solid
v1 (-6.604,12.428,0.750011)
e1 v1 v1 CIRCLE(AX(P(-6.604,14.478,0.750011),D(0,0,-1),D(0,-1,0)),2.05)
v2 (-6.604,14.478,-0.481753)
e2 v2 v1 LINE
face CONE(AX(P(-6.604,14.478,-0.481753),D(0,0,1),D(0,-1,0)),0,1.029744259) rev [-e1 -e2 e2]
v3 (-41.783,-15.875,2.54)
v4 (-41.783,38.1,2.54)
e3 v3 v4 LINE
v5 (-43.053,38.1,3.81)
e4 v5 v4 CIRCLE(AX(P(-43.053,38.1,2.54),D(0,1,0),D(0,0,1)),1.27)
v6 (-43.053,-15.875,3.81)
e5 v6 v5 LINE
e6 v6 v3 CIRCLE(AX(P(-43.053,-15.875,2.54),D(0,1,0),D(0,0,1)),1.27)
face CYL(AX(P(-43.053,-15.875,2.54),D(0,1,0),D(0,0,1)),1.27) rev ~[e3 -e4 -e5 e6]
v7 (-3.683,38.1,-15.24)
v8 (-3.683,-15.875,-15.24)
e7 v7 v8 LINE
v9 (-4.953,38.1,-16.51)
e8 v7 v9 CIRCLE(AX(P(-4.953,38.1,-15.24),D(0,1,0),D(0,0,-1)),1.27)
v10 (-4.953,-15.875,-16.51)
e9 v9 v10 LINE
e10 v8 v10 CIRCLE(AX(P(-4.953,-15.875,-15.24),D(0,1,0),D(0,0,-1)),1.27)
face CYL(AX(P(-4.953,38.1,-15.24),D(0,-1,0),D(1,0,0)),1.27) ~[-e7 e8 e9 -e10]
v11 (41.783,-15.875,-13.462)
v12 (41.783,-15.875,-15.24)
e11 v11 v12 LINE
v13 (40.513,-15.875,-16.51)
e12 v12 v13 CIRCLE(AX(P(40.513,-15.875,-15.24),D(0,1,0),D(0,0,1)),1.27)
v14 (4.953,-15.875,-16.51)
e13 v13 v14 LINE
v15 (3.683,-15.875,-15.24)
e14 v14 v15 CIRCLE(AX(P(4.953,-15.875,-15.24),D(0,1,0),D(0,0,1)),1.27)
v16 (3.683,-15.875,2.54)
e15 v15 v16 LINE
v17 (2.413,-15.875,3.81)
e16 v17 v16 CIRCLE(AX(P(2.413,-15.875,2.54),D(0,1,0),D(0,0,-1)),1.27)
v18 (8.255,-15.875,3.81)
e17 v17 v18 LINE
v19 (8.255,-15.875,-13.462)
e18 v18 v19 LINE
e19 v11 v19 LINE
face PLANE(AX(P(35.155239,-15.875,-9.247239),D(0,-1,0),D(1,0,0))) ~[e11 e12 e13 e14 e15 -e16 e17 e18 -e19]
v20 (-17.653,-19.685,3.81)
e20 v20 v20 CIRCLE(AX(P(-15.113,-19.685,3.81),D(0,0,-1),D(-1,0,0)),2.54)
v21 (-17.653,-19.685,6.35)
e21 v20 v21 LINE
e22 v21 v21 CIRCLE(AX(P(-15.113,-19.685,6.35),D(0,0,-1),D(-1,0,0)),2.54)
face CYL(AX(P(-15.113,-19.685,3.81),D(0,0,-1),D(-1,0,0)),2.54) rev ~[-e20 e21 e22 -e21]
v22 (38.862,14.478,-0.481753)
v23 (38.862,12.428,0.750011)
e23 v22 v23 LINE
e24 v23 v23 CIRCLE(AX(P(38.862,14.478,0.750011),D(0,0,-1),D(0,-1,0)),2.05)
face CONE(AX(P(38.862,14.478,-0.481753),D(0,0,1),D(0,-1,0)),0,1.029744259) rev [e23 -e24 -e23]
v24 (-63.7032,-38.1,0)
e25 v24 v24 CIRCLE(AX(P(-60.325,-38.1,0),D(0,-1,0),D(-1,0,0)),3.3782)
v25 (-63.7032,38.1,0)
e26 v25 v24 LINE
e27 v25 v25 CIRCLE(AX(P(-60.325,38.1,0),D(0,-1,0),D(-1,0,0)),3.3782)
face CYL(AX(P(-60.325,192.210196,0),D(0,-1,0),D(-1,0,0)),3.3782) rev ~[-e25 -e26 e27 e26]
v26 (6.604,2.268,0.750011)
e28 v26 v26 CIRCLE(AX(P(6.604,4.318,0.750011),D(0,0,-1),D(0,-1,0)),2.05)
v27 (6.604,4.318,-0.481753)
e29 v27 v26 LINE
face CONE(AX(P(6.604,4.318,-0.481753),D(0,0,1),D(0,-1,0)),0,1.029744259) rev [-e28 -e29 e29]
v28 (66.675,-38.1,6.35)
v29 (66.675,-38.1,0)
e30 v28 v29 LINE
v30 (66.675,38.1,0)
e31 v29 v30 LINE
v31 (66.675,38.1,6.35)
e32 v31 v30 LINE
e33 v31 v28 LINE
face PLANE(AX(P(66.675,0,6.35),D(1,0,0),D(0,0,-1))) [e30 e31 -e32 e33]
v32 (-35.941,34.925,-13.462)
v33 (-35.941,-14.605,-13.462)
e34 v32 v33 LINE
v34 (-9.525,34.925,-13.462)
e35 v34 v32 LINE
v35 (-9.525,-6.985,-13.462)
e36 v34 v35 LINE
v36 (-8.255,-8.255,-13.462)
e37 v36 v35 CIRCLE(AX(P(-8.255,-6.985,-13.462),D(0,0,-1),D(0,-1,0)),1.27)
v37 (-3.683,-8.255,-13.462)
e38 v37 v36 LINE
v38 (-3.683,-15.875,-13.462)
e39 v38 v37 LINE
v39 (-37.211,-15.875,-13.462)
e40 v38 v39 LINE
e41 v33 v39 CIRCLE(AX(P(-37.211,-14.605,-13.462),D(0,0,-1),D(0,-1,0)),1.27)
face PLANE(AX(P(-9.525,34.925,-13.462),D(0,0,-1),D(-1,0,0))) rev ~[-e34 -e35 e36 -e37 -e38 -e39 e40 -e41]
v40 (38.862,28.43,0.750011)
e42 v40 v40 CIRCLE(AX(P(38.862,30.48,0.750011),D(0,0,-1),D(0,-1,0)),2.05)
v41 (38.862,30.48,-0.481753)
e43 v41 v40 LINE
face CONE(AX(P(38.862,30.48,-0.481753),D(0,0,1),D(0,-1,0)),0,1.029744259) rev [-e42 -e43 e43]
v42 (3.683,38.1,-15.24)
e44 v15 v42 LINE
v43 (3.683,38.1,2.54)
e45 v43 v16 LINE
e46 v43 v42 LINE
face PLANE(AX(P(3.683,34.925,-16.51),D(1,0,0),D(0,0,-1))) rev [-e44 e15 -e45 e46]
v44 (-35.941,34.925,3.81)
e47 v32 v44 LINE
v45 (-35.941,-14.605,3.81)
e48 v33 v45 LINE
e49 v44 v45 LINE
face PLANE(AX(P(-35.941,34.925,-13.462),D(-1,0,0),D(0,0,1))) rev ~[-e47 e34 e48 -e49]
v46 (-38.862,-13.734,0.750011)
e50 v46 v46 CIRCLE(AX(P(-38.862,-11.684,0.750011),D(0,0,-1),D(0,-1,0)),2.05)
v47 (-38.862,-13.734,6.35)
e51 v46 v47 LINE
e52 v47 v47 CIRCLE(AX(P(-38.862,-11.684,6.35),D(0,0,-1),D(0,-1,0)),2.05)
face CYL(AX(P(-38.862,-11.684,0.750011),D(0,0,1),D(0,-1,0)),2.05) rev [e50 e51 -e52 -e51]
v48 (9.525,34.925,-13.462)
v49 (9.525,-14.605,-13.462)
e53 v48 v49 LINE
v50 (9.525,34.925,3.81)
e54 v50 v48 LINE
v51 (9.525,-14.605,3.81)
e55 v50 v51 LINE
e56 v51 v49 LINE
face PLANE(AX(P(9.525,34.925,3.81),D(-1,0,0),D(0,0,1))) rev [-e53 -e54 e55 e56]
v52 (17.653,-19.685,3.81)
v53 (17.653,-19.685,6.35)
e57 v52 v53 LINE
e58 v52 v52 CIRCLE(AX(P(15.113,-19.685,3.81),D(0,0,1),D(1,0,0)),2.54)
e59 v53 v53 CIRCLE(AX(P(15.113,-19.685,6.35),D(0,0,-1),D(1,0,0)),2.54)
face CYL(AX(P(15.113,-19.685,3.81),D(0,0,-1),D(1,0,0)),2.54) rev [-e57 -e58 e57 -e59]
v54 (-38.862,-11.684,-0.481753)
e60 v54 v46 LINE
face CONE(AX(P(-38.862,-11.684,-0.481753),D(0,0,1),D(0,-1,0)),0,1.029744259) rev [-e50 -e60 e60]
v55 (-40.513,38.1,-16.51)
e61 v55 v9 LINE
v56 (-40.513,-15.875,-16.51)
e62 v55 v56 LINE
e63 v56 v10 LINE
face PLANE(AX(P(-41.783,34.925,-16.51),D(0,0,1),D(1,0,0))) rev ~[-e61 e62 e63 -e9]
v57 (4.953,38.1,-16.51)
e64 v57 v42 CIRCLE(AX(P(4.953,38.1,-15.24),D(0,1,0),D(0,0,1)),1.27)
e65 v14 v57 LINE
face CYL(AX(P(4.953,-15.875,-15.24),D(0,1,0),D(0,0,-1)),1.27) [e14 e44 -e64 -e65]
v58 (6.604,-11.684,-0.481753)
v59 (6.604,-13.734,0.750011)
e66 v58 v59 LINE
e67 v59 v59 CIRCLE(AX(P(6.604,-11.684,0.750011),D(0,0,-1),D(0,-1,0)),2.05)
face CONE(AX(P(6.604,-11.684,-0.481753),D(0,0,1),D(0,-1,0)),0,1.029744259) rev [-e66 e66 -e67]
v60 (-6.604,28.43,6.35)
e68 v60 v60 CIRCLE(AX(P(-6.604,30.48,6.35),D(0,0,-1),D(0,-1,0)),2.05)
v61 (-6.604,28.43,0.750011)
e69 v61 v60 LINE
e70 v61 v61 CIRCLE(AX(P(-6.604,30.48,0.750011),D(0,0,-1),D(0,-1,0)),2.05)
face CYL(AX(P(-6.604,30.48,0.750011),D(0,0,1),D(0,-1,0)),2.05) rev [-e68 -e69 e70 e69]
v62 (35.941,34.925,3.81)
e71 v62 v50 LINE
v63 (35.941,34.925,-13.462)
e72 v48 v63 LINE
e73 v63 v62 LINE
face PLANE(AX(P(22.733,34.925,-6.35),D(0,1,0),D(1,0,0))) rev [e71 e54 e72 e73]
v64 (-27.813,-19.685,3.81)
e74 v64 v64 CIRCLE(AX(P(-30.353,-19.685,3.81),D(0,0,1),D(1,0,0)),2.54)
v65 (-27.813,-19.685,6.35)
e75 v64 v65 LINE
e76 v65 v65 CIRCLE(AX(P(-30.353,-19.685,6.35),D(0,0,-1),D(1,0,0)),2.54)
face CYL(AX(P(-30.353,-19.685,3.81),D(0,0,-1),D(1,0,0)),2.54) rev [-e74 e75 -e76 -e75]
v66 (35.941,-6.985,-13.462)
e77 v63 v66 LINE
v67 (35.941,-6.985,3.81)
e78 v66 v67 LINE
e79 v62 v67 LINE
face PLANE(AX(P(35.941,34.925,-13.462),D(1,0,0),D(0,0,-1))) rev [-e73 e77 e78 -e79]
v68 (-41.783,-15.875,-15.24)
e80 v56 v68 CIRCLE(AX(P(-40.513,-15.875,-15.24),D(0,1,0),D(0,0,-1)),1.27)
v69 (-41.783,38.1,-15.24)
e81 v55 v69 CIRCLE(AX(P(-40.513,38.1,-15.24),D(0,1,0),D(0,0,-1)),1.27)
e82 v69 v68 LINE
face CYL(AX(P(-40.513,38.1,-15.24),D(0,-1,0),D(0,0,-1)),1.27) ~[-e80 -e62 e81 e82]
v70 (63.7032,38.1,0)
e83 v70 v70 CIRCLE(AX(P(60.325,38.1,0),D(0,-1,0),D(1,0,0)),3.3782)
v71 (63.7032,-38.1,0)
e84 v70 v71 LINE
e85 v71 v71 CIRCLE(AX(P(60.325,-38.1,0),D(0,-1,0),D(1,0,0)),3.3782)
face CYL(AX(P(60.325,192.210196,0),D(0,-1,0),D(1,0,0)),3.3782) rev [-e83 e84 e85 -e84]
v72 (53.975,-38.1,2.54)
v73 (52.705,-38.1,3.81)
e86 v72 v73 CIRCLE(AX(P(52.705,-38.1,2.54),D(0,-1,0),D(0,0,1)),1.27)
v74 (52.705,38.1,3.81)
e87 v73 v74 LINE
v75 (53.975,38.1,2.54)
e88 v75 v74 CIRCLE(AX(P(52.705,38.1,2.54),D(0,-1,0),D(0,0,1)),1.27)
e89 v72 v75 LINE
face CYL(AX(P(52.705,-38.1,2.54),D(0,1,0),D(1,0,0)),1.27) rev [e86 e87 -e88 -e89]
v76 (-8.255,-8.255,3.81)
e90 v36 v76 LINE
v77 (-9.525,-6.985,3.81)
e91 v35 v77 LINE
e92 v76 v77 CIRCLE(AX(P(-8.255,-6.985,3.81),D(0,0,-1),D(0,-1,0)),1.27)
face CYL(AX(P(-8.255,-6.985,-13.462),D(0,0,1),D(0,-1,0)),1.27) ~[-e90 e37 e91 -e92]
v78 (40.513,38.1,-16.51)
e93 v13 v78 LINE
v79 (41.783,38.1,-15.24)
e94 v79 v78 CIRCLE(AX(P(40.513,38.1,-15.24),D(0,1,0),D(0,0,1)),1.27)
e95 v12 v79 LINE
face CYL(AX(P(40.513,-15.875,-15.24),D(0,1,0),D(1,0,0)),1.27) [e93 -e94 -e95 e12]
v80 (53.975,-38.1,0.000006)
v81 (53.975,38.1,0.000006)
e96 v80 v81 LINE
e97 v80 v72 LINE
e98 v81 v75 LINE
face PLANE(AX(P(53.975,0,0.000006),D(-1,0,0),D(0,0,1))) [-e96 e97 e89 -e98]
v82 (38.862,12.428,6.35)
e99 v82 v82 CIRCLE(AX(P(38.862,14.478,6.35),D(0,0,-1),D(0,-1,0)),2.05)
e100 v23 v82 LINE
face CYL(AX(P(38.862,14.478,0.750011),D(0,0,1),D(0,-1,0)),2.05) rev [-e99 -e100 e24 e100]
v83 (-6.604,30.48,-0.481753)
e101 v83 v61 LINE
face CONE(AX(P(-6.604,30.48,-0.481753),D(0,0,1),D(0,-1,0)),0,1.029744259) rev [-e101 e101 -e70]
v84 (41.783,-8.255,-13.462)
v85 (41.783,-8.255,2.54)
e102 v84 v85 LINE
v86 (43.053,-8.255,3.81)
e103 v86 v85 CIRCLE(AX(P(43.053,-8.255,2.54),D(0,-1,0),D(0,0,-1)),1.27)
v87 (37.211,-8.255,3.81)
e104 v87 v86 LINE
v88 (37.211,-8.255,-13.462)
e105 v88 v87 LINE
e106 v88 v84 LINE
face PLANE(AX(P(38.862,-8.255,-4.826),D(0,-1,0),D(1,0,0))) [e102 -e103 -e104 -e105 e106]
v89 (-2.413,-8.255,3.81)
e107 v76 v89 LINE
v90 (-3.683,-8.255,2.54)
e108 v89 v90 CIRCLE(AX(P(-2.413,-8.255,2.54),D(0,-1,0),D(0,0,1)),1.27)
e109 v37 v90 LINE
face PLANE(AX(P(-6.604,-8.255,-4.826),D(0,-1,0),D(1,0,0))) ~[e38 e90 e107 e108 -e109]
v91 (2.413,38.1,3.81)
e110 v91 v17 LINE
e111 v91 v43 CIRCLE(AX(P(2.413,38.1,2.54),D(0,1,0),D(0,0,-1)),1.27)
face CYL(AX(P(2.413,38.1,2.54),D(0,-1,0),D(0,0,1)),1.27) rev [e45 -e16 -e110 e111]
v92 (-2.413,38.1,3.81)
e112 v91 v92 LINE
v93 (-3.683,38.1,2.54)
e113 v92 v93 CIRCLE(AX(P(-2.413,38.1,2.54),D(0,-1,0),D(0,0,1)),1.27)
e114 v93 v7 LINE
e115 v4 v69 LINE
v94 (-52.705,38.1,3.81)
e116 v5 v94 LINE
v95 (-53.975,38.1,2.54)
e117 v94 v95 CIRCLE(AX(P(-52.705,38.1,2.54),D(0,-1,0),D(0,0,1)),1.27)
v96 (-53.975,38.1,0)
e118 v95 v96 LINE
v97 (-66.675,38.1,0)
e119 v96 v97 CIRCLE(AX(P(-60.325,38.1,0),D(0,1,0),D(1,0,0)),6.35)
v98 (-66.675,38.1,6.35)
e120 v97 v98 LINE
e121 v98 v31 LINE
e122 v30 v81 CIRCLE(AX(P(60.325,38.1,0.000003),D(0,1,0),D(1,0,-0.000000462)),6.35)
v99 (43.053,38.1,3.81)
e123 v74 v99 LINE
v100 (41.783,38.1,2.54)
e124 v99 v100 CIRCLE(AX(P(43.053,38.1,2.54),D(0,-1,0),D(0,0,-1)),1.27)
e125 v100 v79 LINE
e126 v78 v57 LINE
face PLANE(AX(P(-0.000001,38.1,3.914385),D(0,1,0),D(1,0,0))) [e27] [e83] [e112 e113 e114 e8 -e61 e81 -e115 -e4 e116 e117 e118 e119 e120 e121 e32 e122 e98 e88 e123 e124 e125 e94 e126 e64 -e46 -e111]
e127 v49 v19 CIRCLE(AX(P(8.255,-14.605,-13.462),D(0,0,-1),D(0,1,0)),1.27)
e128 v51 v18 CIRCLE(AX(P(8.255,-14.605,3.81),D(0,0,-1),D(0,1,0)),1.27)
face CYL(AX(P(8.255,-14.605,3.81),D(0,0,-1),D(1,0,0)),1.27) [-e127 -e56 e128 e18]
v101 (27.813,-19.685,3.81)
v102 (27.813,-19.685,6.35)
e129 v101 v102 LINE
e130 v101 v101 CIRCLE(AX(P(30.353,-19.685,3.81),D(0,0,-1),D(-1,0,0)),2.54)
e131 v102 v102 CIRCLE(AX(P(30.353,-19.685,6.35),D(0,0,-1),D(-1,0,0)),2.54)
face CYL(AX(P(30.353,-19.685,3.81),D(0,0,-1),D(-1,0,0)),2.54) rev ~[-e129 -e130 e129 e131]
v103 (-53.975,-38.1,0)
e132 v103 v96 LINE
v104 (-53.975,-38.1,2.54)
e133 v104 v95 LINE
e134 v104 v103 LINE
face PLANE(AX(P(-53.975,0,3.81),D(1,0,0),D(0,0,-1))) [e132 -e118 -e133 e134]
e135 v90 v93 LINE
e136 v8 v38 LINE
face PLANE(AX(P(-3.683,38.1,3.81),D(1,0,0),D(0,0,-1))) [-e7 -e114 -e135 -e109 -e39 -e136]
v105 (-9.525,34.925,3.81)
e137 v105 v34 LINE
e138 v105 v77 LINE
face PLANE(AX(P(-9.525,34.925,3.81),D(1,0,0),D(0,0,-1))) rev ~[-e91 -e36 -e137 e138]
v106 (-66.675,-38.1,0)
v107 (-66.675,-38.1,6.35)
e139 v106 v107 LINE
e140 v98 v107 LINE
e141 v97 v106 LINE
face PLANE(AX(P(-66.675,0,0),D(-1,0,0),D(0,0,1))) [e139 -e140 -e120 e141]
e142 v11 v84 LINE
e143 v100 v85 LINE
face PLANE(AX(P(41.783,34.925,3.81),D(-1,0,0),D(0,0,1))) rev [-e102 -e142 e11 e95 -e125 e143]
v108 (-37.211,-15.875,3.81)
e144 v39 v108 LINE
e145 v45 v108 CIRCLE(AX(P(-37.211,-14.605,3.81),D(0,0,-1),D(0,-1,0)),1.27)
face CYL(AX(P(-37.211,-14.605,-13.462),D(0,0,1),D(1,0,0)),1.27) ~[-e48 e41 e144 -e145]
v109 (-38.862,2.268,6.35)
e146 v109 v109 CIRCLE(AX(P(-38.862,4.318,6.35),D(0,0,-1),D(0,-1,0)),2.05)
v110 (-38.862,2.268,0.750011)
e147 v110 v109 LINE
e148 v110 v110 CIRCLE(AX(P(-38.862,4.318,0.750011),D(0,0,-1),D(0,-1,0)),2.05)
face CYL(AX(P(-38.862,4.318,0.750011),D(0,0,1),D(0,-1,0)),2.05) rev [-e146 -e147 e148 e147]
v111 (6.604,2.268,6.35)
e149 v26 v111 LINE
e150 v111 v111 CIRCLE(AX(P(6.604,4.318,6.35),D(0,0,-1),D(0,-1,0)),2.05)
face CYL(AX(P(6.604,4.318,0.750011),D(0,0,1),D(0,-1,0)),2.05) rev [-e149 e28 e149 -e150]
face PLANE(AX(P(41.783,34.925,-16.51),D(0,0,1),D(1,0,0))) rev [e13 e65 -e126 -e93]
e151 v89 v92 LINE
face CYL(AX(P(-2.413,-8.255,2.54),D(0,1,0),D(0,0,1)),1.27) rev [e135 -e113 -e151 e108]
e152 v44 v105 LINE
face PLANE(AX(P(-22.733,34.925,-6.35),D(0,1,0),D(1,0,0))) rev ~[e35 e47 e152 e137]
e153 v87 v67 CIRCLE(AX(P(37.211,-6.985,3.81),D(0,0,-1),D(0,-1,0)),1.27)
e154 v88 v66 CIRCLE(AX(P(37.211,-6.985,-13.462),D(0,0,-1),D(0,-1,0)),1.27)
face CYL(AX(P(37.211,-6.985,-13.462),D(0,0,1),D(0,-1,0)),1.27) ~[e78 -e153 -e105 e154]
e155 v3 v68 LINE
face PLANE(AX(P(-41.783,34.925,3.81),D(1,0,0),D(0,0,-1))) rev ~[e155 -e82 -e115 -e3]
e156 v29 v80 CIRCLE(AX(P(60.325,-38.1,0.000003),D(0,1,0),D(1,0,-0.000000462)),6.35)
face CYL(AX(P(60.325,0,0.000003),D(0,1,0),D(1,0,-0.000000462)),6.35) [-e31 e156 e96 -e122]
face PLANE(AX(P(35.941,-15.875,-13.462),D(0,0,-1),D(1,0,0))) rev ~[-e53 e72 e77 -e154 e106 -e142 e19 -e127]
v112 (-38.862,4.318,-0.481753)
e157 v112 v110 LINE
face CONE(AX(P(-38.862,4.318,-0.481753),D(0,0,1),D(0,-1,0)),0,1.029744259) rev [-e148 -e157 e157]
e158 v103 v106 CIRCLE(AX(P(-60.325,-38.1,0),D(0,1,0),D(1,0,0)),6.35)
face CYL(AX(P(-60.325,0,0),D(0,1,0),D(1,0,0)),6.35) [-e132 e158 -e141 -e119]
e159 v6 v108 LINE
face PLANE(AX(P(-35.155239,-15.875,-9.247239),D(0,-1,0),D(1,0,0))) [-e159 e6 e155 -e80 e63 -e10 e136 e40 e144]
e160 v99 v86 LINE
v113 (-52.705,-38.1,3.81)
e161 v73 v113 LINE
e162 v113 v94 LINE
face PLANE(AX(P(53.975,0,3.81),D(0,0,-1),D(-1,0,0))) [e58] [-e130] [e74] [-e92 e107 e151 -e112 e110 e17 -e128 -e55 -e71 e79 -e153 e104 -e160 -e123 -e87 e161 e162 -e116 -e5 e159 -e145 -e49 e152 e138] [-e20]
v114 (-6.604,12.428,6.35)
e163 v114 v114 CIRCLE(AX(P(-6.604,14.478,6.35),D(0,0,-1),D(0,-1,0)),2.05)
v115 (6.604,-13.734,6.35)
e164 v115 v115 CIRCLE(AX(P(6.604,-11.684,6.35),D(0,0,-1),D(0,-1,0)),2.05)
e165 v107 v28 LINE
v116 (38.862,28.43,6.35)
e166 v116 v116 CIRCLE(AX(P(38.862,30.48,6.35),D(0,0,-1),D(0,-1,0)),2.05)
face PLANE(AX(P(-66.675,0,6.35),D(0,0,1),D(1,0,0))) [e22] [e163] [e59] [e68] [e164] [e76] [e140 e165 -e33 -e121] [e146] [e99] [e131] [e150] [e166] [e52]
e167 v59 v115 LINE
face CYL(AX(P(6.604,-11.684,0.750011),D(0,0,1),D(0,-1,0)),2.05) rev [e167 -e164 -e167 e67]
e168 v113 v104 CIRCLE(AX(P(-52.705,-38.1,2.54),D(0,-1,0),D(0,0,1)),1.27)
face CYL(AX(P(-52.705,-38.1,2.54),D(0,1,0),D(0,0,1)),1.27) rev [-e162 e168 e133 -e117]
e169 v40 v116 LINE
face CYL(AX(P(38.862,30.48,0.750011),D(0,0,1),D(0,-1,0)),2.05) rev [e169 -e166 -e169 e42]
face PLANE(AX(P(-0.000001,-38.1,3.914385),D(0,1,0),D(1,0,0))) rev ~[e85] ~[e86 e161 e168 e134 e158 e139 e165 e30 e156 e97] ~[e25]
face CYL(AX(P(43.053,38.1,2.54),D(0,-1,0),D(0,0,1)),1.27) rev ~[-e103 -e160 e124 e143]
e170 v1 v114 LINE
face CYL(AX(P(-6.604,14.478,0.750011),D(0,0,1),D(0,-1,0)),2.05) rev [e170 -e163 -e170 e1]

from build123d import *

# Parameters (mm, degrees)
BOSS_EXTRUDE1_DEPTH     = 38.1
F_1_4_CLEARANCE_HOLE1_D = 6.7564
FILLET1_R               = 1.27
SKETCH23_W              = 38.1
SKETCH23_H              = 20.32
BOSS_EXTRUDE2_DEPTH     = 3.175
BOSS_EXTRUDE3_DEPTH     = 50.8
LPATTERN1_COUNT         = 2
LPATTERN1_PITCH         = 45.466
LPATTERN1_COUNT_DIR2    = 2
LPATTERN1_PITCH_DIR2    = 16.002
LPATTERN2_COUNT         = 2
LPATTERN2_PITCH         = 45.466
LPATTERN2_COUNT_DIR2    = 2
LPATTERN2_PITCH_DIR2    = 16.002
SKETCH33_R              = 2.54
CUT_EXTRUDE1_DEPTH      = 80.435936609
MIRROR7_COPY_1_SKETCH_R = 2.54
MIRROR7_COPY_1_DEPTH    = 80.435936609
SKETCH37_W              = 5.842
SKETCH37_H              = 17.272
CUT_EXTRUDE4_DEPTH      = 7.62
FILLET2_R               = 1.27


with BuildPart() as part:
    # Sketch1 → Boss-Extrude1 (new, symmetric)
    with BuildSketch(Plane(origin=(0, 0, 0), x_dir=(1, 0, 0), z_dir=(0, 1, 0))):
        with BuildLine():
            Line((0, -6.35), (66.675, -6.35))
            Line((66.675, -6.35), (66.675, 0))
            ThreePointArc((66.675, 0), (60.324997065, 6.349997065), (53.975, -5.869e-06))
            Line((53.975, -5.869e-06), (53.975, -3.81))
            Line((53.975, -3.81), (-53.975, -3.81))
            Line((-53.975, -3.81), (-53.975, 0))
            ThreePointArc((-53.975, 0), (-60.325, 6.35), (-66.675, 0))
            Line((-66.675, 0), (-66.675, -6.35))
            Line((-66.675, -6.35), (0, -6.35))
        make_face()
    extrude(amount=BOSS_EXTRUDE1_DEPTH, both=True)

    # 1/4 Clearance Hole1 (through all)
    with Locations(Plane(origin=(0, 38.1, 0), x_dir=(1, 0, 0), z_dir=(0, 1, 0))):
        with Locations((-60.325, 0)):
            f_1_4_clearance_hole1 = Hole(F_1_4_CLEARANCE_HOLE1_D / 2)

    # Mirror4: 1/4 Clearance Hole1 across plane
    add(f_1_4_clearance_hole1.mirror(Plane(origin=(0, 0, 0), x_dir=(0, 0, 1), z_dir=(1, 0, 0))), mode=Mode.SUBTRACT)

    # Fillet1
    fillet1_edges = [part.edges().sort_by_distance(p)[0] for p in [
        (-53.975, 0, 3.81),
        (53.975, 0, 3.81),
    ]]
    fillet(fillet1_edges, radius=FILLET1_R)

    # Sketch23 → Boss-Extrude2 (add)
    with BuildSketch(Plane(origin=(0, 38.1, 0), x_dir=(1, 0, 0), z_dir=(0, 1, 0))):
        with Locations((-22.733, 6.35)):
            Rectangle(SKETCH23_W, SKETCH23_H)
    boss_extrude2 = extrude(amount=-BOSS_EXTRUDE2_DEPTH)

    # Sketch24 → Boss-Extrude3 (add)
    with BuildSketch(Plane.XZ.offset(-34.925)):
        Polygon((-35.941, 3.81), (-41.783, 3.81), (-41.783, -16.51), (-22.733, -16.51), (-22.733, -13.462), (-35.941, -13.462), align=None)
        Polygon((-22.733, -13.462), (-22.733, -16.51), (-3.683, -16.51), (-3.683, 3.81), (-9.525, 3.81), (-9.525, -13.462), align=None)
    boss_extrude3 = extrude(amount=BOSS_EXTRUDE3_DEPTH)

    # Mirror5: Boss-Extrude2, Boss-Extrude3 across plane
    add(boss_extrude2.mirror(Plane(origin=(0, 0, 0), x_dir=(0, 0, 1), z_dir=(1, 0, 0))))
    add(boss_extrude3.mirror(Plane(origin=(0, 0, 0), x_dir=(0, 0, 1), z_dir=(1, 0, 0))))

    # Sketch30 → Ø1.0 mm Dowel Holes1 (revolve, cut)
    with BuildSketch(Plane(origin=(-6.604, 30.48, 6.35), x_dir=(0, -1, 0), z_dir=(1, 0, 0))):
        Polygon((0, 0), (0, 6.831753069), (2.05, 5.5999888), (2.05, 0), align=None)
    f_1_0_mm_dowel_holes1 = revolve(axis=Axis((-6.604, 30.48, 12.7), (0, 0, -1)), mode=Mode.SUBTRACT)

    # LPattern1: 1.0 mm Dowel Holes1 2 × 2
    with Locations(*[(i * LPATTERN1_PITCH, -j * LPATTERN1_PITCH_DIR2, 0) for i in range(LPATTERN1_COUNT) for j in range(LPATTERN1_COUNT_DIR2) if (i, j) != (0, 0)]):
        add(f_1_0_mm_dowel_holes1, mode=Mode.SUBTRACT)

    # Sketch32 → Ø1.0 mm Dowel Holes2 (revolve, cut)
    with BuildSketch(Plane(origin=(6.604, 4.318, 6.35), x_dir=(0, -1, 0), z_dir=(1, 0, 0))):
        Polygon((0, 0), (0, 6.831753069), (2.05, 5.5999888), (2.05, 0), align=None)
    f_1_0_mm_dowel_holes2 = revolve(axis=Axis((6.604, 4.318, 12.7), (0, 0, -1)), mode=Mode.SUBTRACT)

    # LPattern2: 1.0 mm Dowel Holes2 2 × 2
    with Locations(*[(-i * LPATTERN2_PITCH, -j * LPATTERN2_PITCH_DIR2, 0) for i in range(LPATTERN2_COUNT) for j in range(LPATTERN2_COUNT_DIR2) if (i, j) != (0, 0)]):
        add(f_1_0_mm_dowel_holes2, mode=Mode.SUBTRACT)

    # Sketch33 → Cut-Extrude1 (cut, through all)
    with BuildSketch(Plane(origin=(0, 0, 3.81), x_dir=(-1, 0, 0), z_dir=(0, 0, -1))):
        with Locations((-30.353, -19.685)):
            Circle(SKETCH33_R)
    cut_extrude1 = extrude(amount=-CUT_EXTRUDE1_DEPTH, mode=Mode.SUBTRACT)

    # Mirror6: Cut-Extrude1 across plane
    add(cut_extrude1.mirror(Plane.ZY.offset(-22.733)), mode=Mode.SUBTRACT)

    # Mirror7: Cut-Extrude1 across plane
    add(cut_extrude1.mirror(Plane(origin=(0, 0, 0), x_dir=(0, 0, 1), z_dir=(1, 0, 0))), mode=Mode.SUBTRACT)

    # Mirror7 copy 1 sketch → Mirror7 copy 1 (cut, through all)
    with BuildSketch(Plane(origin=(-45.466, 0, 3.81), x_dir=(-1, 0, 0), z_dir=(0, 0, -1))):
        with Locations((-30.353, -19.685)):
            Circle(MIRROR7_COPY_1_SKETCH_R)
    extrude(amount=-MIRROR7_COPY_1_DEPTH, mode=Mode.SUBTRACT)

    # Sketch37 → Cut-Extrude4 (cut)
    with BuildSketch(Plane.XZ.offset(15.875)):
        with Locations((38.862, -4.826)):
            Rectangle(SKETCH37_W, SKETCH37_H)
    cut_extrude4 = extrude(amount=-CUT_EXTRUDE4_DEPTH, mode=Mode.SUBTRACT)

    # Mirror11: Cut-Extrude4 across plane
    add(cut_extrude4.mirror(Plane.ZY.offset(-16.129)), mode=Mode.SUBTRACT)

    # Fillet2
    fillet2_edges = [part.edges().sort_by_distance(p)[0] for p in [
        (9.525, -15.875, -4.826),
        (41.783, 14.9225, 3.81),
        (35.941, -8.255, -4.826),
        (-3.683, 14.9225, 3.81),
        (-9.525, -8.255, -4.826),
        (-41.783, 11.1125, 3.81),
        (-41.783, 11.1125, -16.51),
        (-3.683, 11.1125, -16.51),
        (-35.941, -15.875, -4.826),
        (41.783, 11.1125, -16.51),
        (3.683, 11.1125, 3.81),
        (3.683, 11.1125, -16.51),
    ]]
    fillet(fillet2_edges, radius=FILLET2_R)


solid = part.part
